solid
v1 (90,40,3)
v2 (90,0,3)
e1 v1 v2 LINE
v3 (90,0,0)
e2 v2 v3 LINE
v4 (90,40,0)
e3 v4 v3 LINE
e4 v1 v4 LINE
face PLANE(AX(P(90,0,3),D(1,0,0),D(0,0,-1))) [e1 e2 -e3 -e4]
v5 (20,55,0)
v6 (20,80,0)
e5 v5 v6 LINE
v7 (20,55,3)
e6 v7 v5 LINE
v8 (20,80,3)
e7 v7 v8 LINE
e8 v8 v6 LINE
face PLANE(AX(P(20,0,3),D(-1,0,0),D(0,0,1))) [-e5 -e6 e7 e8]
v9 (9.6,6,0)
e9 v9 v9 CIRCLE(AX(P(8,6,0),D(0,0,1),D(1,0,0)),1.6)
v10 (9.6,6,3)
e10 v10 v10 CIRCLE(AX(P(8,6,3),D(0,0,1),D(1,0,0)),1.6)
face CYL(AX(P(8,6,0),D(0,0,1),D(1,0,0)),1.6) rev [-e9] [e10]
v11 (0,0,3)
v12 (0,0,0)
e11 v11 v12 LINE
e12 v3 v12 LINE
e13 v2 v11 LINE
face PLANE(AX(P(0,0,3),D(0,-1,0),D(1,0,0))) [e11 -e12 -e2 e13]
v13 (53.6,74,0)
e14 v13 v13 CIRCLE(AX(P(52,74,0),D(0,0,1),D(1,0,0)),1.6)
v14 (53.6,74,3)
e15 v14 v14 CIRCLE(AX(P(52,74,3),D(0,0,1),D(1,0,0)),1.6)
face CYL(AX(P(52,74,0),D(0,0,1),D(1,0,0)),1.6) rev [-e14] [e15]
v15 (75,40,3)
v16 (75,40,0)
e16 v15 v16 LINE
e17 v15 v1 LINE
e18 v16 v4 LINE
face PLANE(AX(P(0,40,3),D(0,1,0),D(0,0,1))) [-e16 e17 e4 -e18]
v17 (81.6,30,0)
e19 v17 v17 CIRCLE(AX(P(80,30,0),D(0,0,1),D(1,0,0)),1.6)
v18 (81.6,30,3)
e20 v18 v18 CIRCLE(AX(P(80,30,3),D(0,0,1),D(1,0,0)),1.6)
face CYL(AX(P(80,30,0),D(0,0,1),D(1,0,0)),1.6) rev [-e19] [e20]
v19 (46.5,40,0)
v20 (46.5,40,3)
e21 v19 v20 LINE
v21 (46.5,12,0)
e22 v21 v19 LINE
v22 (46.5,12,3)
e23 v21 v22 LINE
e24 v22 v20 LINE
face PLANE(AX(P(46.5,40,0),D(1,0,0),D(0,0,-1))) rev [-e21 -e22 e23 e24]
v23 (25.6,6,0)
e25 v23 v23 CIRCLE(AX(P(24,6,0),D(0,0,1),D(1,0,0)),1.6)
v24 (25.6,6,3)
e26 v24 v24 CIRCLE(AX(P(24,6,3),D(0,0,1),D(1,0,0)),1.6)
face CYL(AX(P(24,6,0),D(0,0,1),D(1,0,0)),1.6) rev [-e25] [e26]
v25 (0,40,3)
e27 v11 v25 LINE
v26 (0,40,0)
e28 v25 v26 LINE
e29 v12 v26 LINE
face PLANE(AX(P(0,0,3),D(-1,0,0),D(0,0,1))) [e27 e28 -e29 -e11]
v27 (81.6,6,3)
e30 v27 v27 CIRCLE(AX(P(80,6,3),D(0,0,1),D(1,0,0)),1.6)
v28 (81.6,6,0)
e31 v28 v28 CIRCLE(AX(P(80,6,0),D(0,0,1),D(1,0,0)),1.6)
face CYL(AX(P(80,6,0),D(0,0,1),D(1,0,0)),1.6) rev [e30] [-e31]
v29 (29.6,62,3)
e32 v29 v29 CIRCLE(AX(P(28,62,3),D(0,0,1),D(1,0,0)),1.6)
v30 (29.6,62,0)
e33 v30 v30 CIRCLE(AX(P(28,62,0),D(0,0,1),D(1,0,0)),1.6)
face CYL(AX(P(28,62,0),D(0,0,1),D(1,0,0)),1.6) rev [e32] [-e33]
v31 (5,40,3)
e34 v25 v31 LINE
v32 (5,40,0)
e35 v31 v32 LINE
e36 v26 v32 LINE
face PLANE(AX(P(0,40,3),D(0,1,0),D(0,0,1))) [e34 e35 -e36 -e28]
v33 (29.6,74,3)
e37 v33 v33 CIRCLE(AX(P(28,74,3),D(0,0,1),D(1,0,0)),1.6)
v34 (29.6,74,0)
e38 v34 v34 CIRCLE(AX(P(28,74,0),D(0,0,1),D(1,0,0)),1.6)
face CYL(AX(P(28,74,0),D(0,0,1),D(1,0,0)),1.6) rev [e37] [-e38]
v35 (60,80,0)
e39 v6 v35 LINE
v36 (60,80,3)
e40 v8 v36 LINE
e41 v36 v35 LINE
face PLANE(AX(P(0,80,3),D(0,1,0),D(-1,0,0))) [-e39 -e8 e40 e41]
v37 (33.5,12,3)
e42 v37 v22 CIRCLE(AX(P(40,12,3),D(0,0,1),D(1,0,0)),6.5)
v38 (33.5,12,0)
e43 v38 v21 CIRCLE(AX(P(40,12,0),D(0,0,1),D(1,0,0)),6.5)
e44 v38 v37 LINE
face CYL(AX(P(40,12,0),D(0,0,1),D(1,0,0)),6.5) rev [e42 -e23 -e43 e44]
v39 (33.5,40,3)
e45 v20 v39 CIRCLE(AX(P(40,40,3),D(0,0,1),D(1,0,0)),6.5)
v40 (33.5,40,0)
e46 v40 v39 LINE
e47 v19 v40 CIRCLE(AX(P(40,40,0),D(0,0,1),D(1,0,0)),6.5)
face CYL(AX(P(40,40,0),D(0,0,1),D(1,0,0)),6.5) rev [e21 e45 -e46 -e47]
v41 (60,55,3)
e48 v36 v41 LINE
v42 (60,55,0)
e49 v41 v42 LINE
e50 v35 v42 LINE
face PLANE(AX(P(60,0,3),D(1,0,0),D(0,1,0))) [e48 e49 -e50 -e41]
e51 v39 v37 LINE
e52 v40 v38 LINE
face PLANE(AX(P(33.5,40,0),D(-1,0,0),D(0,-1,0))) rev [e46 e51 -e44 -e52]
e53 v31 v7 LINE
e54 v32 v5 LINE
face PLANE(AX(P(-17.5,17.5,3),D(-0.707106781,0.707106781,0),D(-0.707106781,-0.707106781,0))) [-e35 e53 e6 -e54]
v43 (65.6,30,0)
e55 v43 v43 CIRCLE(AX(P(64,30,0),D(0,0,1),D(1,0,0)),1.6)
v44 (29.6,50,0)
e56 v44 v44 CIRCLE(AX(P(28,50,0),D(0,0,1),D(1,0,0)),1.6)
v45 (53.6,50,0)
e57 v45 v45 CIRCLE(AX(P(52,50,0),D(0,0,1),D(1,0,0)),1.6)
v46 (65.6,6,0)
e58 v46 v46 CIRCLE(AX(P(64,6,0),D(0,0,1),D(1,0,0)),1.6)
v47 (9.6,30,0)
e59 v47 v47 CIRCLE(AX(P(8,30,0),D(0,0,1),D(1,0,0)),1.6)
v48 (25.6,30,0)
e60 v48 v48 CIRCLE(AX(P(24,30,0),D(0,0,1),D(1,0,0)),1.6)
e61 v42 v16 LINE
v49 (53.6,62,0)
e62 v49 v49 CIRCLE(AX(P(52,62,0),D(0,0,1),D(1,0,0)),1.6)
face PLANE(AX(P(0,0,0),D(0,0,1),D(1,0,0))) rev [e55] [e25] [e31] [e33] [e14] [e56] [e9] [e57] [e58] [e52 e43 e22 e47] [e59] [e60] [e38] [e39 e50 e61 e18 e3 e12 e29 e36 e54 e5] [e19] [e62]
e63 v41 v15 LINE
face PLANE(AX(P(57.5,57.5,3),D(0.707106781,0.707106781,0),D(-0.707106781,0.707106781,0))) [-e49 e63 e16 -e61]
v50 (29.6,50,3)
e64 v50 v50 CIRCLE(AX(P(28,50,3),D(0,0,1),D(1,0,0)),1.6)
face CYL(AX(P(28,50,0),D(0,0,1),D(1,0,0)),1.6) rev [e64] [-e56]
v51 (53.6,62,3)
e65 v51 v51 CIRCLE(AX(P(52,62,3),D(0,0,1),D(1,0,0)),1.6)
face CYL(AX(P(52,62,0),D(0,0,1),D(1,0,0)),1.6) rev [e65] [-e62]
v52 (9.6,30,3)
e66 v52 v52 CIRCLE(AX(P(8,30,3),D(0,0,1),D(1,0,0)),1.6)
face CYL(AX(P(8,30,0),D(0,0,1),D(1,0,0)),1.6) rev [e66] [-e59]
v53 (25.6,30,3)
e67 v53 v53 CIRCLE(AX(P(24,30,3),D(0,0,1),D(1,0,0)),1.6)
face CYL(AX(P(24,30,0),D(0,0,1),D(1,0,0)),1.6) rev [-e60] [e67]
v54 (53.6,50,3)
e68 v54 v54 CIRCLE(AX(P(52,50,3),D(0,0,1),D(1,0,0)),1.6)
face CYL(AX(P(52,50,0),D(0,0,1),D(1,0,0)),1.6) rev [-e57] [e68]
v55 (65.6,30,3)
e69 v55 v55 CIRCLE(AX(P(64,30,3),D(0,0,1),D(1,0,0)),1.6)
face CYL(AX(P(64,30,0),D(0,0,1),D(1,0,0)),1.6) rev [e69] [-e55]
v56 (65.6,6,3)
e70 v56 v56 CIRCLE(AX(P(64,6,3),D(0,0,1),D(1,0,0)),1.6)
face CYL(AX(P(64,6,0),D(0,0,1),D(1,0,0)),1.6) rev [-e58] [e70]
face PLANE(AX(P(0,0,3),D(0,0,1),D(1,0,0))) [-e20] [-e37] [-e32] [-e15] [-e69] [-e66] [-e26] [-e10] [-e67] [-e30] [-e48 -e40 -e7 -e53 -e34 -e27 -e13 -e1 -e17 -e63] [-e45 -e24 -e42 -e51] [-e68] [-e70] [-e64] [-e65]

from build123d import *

# Parameters (mm, degrees)
EXTRUDE_1_DEPTH     = 3
SKETCH_2_R          = 1.6
CUT_EXTRUDE_1_DEPTH = 3


with BuildPart() as part:
    # 草图1 → 凸台-拉伸1 (new body)
    with BuildSketch(Plane.XY):
        Polygon((0, 0), (0, 40), (5, 40), (20, 55), (20, 80), (60, 80), (60, 55), (75, 40), (90, 40), (90, 0), align=None)
    extrude(amount=EXTRUDE_1_DEPTH)

    # 草图2 → 切除-拉伸1 (cut)
    with BuildSketch(Plane.XY.offset(3)):
        with Locations((28, 74)):
            Circle(SKETCH_2_R)
        with Locations((28, 50)):
            Circle(SKETCH_2_R)
        with Locations((52, 74)):
            Circle(SKETCH_2_R)
        with Locations((52, 50)):
            Circle(SKETCH_2_R)
        with Locations((8, 30)):
            Circle(SKETCH_2_R)
        with Locations((24, 30)):
            Circle(SKETCH_2_R)
        with Locations((80, 30)):
            Circle(SKETCH_2_R)
        with Locations((64, 30)):
            Circle(SKETCH_2_R)
        with Locations((80, 6)):
            Circle(SKETCH_2_R)
        with Locations((64, 6)):
            Circle(SKETCH_2_R)
        with Locations((24, 6)):
            Circle(SKETCH_2_R)
        with Locations((8, 6)):
            Circle(SKETCH_2_R)
        with Locations((28, 62)):
            Circle(SKETCH_2_R)
        with Locations((52, 62)):
            Circle(SKETCH_2_R)
        with BuildLine():
            Line((46.5, 40), (46.5, 12))
            ThreePointArc((46.5, 12), (40, 5.5), (33.5, 12))
            Line((33.5, 12), (33.5, 40))
            ThreePointArc((33.5, 40), (40, 46.5), (46.5, 40))
        make_face()
    extrude(amount=-CUT_EXTRUDE_1_DEPTH, mode=Mode.SUBTRACT)


solid = part.part
